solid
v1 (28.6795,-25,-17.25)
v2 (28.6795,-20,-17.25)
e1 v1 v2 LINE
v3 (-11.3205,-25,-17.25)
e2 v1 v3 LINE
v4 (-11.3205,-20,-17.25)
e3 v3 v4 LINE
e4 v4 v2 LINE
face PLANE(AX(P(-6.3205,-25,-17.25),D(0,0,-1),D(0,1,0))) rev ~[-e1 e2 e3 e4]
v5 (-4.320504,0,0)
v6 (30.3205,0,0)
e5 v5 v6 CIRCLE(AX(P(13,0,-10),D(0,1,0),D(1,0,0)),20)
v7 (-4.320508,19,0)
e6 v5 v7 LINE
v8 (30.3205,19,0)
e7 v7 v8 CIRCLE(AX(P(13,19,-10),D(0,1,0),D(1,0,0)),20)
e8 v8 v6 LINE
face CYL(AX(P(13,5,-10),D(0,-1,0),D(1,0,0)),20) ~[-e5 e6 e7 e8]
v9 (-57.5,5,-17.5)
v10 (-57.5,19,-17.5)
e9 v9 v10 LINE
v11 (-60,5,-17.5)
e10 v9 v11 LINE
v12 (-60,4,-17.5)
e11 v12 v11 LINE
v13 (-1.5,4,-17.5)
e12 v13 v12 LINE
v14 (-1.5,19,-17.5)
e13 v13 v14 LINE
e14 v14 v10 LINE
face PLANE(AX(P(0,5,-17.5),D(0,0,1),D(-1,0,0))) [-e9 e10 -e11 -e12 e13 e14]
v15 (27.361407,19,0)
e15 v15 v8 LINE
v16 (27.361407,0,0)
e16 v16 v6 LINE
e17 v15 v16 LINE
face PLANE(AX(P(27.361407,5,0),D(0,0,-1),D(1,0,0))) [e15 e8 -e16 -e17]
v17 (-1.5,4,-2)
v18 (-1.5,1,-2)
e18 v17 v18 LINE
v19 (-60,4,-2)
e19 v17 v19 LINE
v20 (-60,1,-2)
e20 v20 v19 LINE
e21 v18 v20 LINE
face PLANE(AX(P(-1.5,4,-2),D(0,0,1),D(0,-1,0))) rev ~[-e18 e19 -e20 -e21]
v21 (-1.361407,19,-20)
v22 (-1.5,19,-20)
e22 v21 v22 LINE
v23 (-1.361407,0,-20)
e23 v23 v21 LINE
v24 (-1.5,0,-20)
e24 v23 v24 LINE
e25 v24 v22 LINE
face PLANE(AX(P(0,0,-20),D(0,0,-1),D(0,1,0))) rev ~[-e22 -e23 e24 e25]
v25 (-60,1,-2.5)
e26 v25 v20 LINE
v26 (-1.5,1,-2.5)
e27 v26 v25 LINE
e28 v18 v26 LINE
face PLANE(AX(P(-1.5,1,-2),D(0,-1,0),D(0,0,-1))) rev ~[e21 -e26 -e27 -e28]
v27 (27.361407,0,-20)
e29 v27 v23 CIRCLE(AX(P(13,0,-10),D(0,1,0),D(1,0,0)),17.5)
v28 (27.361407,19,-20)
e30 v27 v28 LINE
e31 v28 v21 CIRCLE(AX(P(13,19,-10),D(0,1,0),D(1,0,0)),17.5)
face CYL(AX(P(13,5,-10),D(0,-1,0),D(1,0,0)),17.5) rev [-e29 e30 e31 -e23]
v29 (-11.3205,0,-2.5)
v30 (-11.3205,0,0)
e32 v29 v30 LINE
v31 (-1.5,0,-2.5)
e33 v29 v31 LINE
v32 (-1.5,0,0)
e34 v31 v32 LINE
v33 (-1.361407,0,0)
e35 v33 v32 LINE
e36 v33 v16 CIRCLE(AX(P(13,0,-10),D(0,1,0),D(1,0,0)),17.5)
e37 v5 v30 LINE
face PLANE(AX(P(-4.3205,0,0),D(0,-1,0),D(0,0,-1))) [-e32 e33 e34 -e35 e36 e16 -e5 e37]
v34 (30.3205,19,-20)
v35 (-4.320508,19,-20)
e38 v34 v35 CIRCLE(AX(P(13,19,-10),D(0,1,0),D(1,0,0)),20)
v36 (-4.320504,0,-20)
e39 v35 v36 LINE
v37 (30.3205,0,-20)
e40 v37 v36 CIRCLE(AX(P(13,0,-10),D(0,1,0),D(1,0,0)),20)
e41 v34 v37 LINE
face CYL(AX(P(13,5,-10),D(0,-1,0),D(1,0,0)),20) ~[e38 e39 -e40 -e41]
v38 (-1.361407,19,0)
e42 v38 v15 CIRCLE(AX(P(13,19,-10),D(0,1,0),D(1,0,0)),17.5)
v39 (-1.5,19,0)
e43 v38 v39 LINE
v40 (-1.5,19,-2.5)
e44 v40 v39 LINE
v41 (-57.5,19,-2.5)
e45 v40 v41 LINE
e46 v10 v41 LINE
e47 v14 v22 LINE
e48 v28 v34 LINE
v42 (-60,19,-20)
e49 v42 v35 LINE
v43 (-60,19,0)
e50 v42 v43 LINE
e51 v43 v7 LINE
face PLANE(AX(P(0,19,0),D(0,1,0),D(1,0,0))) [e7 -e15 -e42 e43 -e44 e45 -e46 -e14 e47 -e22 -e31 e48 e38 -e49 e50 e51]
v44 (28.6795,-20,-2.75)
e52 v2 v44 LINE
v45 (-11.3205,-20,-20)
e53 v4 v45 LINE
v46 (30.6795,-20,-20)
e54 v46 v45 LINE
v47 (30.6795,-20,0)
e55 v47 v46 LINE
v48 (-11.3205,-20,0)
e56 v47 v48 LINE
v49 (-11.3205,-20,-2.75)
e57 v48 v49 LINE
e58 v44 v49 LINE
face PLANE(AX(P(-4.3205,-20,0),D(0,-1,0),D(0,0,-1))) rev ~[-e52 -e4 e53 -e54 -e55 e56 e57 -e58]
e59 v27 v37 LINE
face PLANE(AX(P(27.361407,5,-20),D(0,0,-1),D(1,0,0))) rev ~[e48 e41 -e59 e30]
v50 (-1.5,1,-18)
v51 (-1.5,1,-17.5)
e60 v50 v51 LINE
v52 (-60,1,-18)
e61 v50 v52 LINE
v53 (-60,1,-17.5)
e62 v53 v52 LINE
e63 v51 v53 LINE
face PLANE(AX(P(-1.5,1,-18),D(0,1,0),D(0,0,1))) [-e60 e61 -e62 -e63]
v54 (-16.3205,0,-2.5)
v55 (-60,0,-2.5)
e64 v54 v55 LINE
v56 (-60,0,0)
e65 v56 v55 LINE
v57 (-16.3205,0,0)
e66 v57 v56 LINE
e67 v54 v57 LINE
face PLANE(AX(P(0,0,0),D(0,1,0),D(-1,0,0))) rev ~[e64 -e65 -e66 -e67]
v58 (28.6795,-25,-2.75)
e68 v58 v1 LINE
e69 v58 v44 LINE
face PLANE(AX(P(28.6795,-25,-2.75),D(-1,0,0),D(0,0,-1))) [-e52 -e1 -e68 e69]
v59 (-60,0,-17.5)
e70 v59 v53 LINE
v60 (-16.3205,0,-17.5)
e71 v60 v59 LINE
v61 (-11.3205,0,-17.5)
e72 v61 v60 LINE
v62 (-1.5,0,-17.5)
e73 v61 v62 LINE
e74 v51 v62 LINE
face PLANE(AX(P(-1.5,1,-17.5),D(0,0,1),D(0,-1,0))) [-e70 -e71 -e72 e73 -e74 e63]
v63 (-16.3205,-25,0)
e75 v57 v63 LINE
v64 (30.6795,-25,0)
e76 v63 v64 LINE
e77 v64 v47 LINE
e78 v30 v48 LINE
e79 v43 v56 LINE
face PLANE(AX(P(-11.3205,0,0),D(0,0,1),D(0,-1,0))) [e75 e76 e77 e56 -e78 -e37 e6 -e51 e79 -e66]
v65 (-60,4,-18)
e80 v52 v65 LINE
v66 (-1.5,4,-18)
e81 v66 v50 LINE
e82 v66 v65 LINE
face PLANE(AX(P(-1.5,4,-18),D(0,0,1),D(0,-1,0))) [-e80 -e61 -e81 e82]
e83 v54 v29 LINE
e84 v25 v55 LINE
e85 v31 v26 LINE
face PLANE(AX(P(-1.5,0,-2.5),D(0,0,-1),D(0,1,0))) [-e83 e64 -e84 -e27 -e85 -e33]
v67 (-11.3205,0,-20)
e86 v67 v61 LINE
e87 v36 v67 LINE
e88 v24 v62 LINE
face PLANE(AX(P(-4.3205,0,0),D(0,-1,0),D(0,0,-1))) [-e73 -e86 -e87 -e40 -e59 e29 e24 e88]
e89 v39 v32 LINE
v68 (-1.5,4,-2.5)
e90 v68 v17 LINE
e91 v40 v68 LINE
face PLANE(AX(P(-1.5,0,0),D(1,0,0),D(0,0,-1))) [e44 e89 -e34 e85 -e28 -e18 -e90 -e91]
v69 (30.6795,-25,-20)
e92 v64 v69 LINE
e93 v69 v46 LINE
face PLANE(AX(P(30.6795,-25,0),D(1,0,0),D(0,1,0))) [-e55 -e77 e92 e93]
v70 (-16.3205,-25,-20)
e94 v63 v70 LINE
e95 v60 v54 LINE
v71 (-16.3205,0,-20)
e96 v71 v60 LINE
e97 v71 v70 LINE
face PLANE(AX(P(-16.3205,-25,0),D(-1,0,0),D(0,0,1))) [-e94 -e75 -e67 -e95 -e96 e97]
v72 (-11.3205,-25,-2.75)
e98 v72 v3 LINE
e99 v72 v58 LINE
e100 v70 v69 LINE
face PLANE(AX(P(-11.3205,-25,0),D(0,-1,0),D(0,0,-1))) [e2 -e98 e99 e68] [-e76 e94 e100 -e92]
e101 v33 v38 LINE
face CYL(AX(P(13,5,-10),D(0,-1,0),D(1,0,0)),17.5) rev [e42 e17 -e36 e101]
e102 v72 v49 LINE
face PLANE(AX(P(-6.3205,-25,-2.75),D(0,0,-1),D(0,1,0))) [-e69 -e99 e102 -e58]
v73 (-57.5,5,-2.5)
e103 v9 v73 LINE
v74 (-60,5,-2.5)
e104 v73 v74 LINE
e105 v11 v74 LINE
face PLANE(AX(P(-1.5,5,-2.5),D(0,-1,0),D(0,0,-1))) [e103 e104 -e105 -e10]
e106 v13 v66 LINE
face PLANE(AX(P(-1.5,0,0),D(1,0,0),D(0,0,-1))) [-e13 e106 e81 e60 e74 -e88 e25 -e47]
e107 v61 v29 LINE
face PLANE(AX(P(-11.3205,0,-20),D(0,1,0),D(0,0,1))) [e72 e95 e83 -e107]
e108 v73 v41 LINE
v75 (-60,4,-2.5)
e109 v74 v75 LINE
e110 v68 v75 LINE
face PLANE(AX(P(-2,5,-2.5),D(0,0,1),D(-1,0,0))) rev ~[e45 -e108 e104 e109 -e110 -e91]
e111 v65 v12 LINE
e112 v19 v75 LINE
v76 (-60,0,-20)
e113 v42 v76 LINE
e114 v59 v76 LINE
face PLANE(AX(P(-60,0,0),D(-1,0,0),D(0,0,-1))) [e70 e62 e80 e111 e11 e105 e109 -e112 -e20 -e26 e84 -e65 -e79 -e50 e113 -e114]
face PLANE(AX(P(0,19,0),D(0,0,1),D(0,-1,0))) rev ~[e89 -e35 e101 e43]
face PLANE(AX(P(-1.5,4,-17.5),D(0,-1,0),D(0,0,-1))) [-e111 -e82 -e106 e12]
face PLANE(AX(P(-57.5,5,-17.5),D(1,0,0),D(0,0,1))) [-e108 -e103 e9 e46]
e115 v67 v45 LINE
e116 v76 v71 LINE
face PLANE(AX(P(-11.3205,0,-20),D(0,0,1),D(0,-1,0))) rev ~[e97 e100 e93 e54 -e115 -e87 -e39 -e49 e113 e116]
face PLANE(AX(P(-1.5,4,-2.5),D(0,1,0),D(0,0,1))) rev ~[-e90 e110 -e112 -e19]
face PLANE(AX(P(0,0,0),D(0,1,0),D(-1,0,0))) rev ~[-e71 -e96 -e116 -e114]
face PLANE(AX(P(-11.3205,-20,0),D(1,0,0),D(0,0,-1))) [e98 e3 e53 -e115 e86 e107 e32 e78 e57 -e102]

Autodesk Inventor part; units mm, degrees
ref_plane "YZ Plane" through (0, 0, 0) normal (1, 0, 0) x (0, 1, 0)
ref_plane "XZ Plane" through (0, 0, 0) normal (0, 1, 0) x (-1, 0, 0)
ref_plane "XY Plane" through (0, 0, 0) normal (0, 0, 1) x (1, 0, 0)
sketch "Sketch1" plane through (0, 0, 0) normal (0, 1, 0) x (-1, 0, 0)
  line L0 (0, 0) -> (60, 0)
  line L1 (60, 0) -> (60, -20)
  line L2 (60, -20) -> (0, -20)
  line L3 (0, -20) -> (0, 0)
  dimension "d0" = 60
  dimension "d1" = 20
extrude "Extrusion1" add sketch "Sketch1" along normal blind 5
sketch "Sketch2" plane through (0, 5, 0) normal (0, 1, 0) x (1, 0, 0)
  line L0 (0, 20) -> (-60, 20) projected
  line L1 (0, 0) -> (0, 20) projected
  line L2 (-60, 20) -> (0, 20)
  line L3 (0, 20) -> (0, 17.5)
  line L4 (0, 17.5) -> (-60, 17.5)
  line L5 (-60, 17.5) -> (-60, 20)
  line L6 (-60, 20) -> (-60, 0) projected
  line L7 (-60, 0) -> (0, 0)
  line L8 (0, 0) -> (0, 2.5)
  line L9 (0, 2.5) -> (-60, 2.5)
  line L10 (-60, 2.5) -> (-60, 0)
  line L11 (-60, 0) -> (0, 0) projected
  line L12 (-60, 20) -> (-57.5, 20)
  line L13 (-57.5, 20) -> (-57.5, 0)
  line L14 (-57.5, 0) -> (-60, 0)
  line L15 (-60, 0) -> (-60, 20)
  line L16 (0, 20) -> (-2, 20)
  line L17 (-2, 20) -> (-2, 17.5)
  line L18 (-2, 17.5) -> (0, 17.5)
  line L19 (0, 17.5) -> (0, 20)
  line L20 (0, 2.5) -> (-2, 2.5)
  line L21 (-2, 2.5) -> (-2, 0)
  line L22 (-2, 0) -> (0, 0)
  line L23 (0, 0) -> (0, 2.5)
  point P0 (0, 2.5)
  point P1 (-57.5, 2.5)
  point P2 (-57.5, 17.5)
  dimension "d4" = 2.5
  dimension "d5" = 2.5
  dimension "d6" = 2.5
  dimension "d9" = 15
  dimension "d20" = 2
extrude "Extrusion2" add sketch "Sketch2" along normal blind 14 contours L1 L4 L17 L0 | L17 L4 L13 L0 | L13 L4 L5 L0 | L1 L7 L21 L9 | L13 L9 L6 L4 | L21 L7 L13 L9 | L13 L7 L6 L9
sketch "Sketch3" plane through (0, 5, 0) normal (0, 1, 0) x (1, 0, 0)
  line L0 (0, 0) -> (0, 2.5) projected
  line L1 (0, 0) -> (26, 0)
  line L2 (26, 0) -> (26, 20)
  line L3 (26, 20) -> (0, 20)
  line L4 (0, 20) -> (0, 0)
  circle A0 centre (13, 10) radius 17.5
  circle A1 centre (13, 10) radius 20
  line L5 (0, 2.5) -> (-57.5, 2.5) projected
  line L6 (0, 2.5) -> (26, 2.5)
  line L7 (26, 2.5) -> (26, 17.5)
  line L8 (26, 17.5) -> (0, 17.5)
  line L9 (0, 17.5) -> (0, 2.5)
  line L10 (0, 17.5) -> (-57.5, 17.5) projected
  line L11 (-57.5, 17.5) -> (-57.5, 2.5) projected
  line L12 (-57.5, 2.5) -> (0, 2.5) projected
  line L13 (0, 2.5) -> (0, 17.5) projected
  line L14 (-5.5405, 2.5) -> (0, 2.5)
  line L15 (-60, 0) -> (0, 0) projected
  line L16 (0, 0) -> (0, 2.5) projected
  line L17 (0, 2.5) -> (-57.5, 2.5) projected
  line L18 (-57.5, 2.5) -> (-57.5, 17.5) projected
  line L19 (-57.5, 17.5) -> (0, 17.5) projected
  line L20 (0, 17.5) -> (0, 20) projected
  line L21 (0, 20) -> (-60, 20) projected
  line L22 (-60, 20) -> (-60, 0) projected
  line L23 (-5.5405, 17.5) -> (0, 17.5)
  line L24 (26, 17.5) -> (31.5405, 17.5)
  line L25 (26, 2.5) -> (31.5405, 2.5)
  line L26 (26, 20) -> (30.3205, 20)
  line L27 (26, 0) -> (30.3205, 0)
  point P0 (-4.3205, 20)
  point P1 (-1.3614, 20)
  point P2 (-1.3614, 0)
  point P3 (-4.3205, 0)
  point P4 (28.8114, 2.5)
  point P5 (28.8114, 17.5)
  point P6 (27.3614, 20)
  point P7 (27.3614, 0)
  dimension "d10" = 26
  dimension "d11" = 20
  dimension "d13" = 35
  dimension "d14" = 40
  dimension "d17" = 15
extrude "Extrusion3" add sketch "Sketch3" along normal blind 14 and the other way blind 5 contours A0 L27 A1 L15 | L21 A1 L26 A0
sketch "Sketch4" plane through (0, 0, 0) normal (0, -1, 0) x (1, 0, 0)
  point P0 (0, 0)
sketch "Sketch5" plane through (0, 0, 0) normal (1, 0, 0) x (0, 0, -1)
  line L0 (17.5, 19) -> (20, 19) projected
  line L1 (0, 0) -> (20, 0) projected
  line L2 (20, 19) -> (17.5, 19)
  line L3 (17.5, 19) -> (17.5, 0)
  line L4 (17.5, 0) -> (20, 0)
  line L5 (20, 0) -> (20, 19)
  line L6 (2.5, 5) -> (2.5, 19) projected
  line L7 (2.5, 19) -> (0, 19)
  line L8 (0, 19) -> (0, 0)
  line L9 (0, 0) -> (2.5, 0)
  line L10 (2.5, 0) -> (2.5, 19)
  line L11 (17.5, 5) -> (2.5, 5)
  line L12 (2.5, 5) -> (2.5, 0)
  line L13 (2.5, 0) -> (17.5, 0)
  line L14 (17.5, 0) -> (17.5, 5)
  dimension "d21" = 2.5
extrude "Extrusion4" cut sketch "Sketch5" against normal blind 1.5
sketch "Sketch7" plane through (-60, 0, 0) normal (0, 0, 1) x (1, 0, 0)
  line L0 (0, 0) -> (55.6795, 0) projected
  line L1 (55.6795, 0) -> (90.3205, 0) projected
  line L2 (55.6795, 0) -> (55.6795, 19) projected
  line L3 (55.6795, 0) -> (48.6795, 0)
  line L4 (48.6795, 0) -> (48.6795, -25)
  line L5 (48.6795, -25) -> (55.6795, -25)
  line L6 (55.6795, -25) -> (55.6795, 0)
  line L7 (55.6795, -25) -> (90.6795, -25)
  line L8 (90.6795, -25) -> (90.6795, -20)
  line L9 (90.6795, -20) -> (55.6795, -20)
  line L10 (55.6795, -20) -> (55.6795, -25)
  point P0 (60, 0)
  dimension "d25" = 7
  dimension "d26" = 25
  dimension "d27" = 35
  dimension "d28" = 5
extrude "Extrusion5" add sketch "Sketch7" against normal up to surface (20 mm away)
sketch "Sketch8" plane through (0, 0, 0) normal (0, -1, 0) x (1, 0, 0)
  point P0 (0, 0)
sketch "Sketch9" plane through (-11.3205, -25, 0) normal (0, -1, 0) x (1, 0, 0)
  line L0 (0, -20) -> (42, -20) projected
  line L1 (0, 0) -> (42, 0) projected
  arc A0 (7, -20) -> (41.641, -20) centre (24.3205, -10) ccw projected
  line L2 (42.861, -17.5) -> (40.1319, -17.5) projected
  arc A1 (9.9591, -20) -> (38.6819, -20) centre (24.3205, -10) ccw projected
  line L3 (9.9591, -20) -> (9.8205, -20) projected
  line L4 (9.8205, 0) -> (9.9591, 0) projected
  arc A2 (38.6819, 0) -> (9.9591, 0) centre (24.3205, -10) ccw projected
  line L5 (40.1319, -2.5) -> (42.861, -2.5) projected
  arc A3 (41.641, 0) -> (7, 0) centre (24.3205, -10) ccw projected
  line L6 (5, -2.75) -> (40, -2.75)
  line L7 (40, -2.75) -> (40, -17.25)
  line L8 (40, -17.25) -> (5, -17.25)
  line L9 (5, -17.25) -> (5, -2.75)
  line L10 (0, 0) -> (0, -20) projected
  point P0 (11.3205, 0)
  point P1 (5, -10)
  dimension "d36" = 35
  dimension "d37" = 14.5
  dimension "d38" = 5
  dimension "d39" = 2.75
extrude "Extrusion6" cut sketch "Sketch9" against normal blind 10 contours L6 L7 L8 L9
sketch "Sketch10" plane through (-1.5, 0, 0) normal (1, 0, 0) x (0, 0, -1)
  line L0 (2.5, 5) -> (17.5, 5) projected
  line L1 (2.5, 19) -> (2.5, 5) projected
  line L2 (17.5, 5) -> (17.5, 19) projected
  line L3 (20, 0) -> (0, 0) projected
  line L4 (2.5, 5) -> (17.5, 5)
  line L5 (17.5, 5) -> (17.5, 0)
  line L6 (17.5, 0) -> (2.5, 0)
  line L7 (2.5, 0) -> (2.5, 5)
  line L8 (2.5, 4) -> (2, 4)
  line L9 (2, 4) -> (2, 1)
  line L10 (2, 1) -> (2.5, 1)
  line L11 (2.5, 1) -> (2.5, 4)
  line L12 (0, 0) -> (0, 19) projected
  line L13 (17.5, 4) -> (18, 4)
  line L14 (18, 4) -> (18, 1)
  line L15 (18, 1) -> (17.5, 1)
  line L16 (17.5, 1) -> (17.5, 4)
  line L17 (20, 19) -> (20, 0) projected
  point P0 (2.25, 4)
  point P1 (2.25, 1)
  point P2 (18, 2.5)
  point P3 (17.75, 1)
  point P4 (17.75, 4)
  point P5 (17.5, 1)
  point P6 (2.5, 1)
  dimension "d42" = 2
  dimension "d43" = 1
  dimension "d44" = 1
  dimension "d45" = 2
  dimension "d46" = 1
  dimension "d47" = 1
  dimension "d49" = 2.5
extrude "Extrusion7" cut sketch "Sketch10" against normal through all
sketch "Sketch11" plane through (-11.3205, -25, 0) normal (-1, 0, 0) x (0, 0, 1)
  line L0 (0, 25) -> (0, 0) projected
  line L1 (-20, 25) -> (-20, 0) projected
  line L2 (0, 0) -> (-20, 0)
  line L3 (-20, 0) -> (-20, 25)
  line L4 (-20, 25) -> (0, 25)
  line L5 (0, 25) -> (0, 0)
extrude "Extrusion8" add sketch "Sketch11" along normal blind 5
sketch "Sketch12" plane through (-4.3205, -20, 0) normal (1, 0, 0) x (0, 0, -1)
  line L0 (2.75, 5) -> (17.25, 5) projected
  line L1 (17.25, 0) -> (20, 0) projected
  line L2 (17.25, 5) -> (20, 5)
  line L3 (20, 5) -> (20, 0)
  line L4 (20, 0) -> (17.25, 0)
  line L5 (17.25, 0) -> (17.25, 5)
  line L6 (2.75, -5) -> (2.75, 5) projected
  line L7 (0, -5) -> (0, 20) projected
  line L8 (2.75, 5) -> (0, 5)
  line L9 (0, 5) -> (0, 0)
  line L10 (0, 0) -> (2.75, 0)
  line L11 (2.75, 0) -> (2.75, 5)
  line L12 (0, 20) -> (2.5, 20) projected
  line L13 (20, 5) -> (0, 5)
  line L14 (0, 5) -> (0, 20)
  line L15 (0, 20) -> (20, 20)
  line L16 (20, 20) -> (20, 5)
  point P0 (2.75, 0)
extrude "Extrusion9" cut sketch "Sketch12" against normal blind 7
sketch "Sketch13" plane through (-6.3205, -25, -2.75) normal (1, 0, 0) x (0, 0, -1)
  line L0 (0, 0) -> (0, 5) projected
  line L1 (14.5, 10) -> (0, 10)
  line L2 (0, 10) -> (0, 0)
  line L3 (0, 0) -> (14.5, 0)
  line L4 (14.5, 0) -> (14.5, 10)
  point P0 (-2.75, 25)
  point P1 (0, 5)
extrude "Extrusion10" cut sketch "Sketch13" against normal blind 5
sketch "Sketch14" plane through (-1.5, 19, -2.5) normal (0, 0, -1) x (-1, 0, 0)
  point P0 (-1.5, -19)
properties part number "Magasin_3DPrint"
